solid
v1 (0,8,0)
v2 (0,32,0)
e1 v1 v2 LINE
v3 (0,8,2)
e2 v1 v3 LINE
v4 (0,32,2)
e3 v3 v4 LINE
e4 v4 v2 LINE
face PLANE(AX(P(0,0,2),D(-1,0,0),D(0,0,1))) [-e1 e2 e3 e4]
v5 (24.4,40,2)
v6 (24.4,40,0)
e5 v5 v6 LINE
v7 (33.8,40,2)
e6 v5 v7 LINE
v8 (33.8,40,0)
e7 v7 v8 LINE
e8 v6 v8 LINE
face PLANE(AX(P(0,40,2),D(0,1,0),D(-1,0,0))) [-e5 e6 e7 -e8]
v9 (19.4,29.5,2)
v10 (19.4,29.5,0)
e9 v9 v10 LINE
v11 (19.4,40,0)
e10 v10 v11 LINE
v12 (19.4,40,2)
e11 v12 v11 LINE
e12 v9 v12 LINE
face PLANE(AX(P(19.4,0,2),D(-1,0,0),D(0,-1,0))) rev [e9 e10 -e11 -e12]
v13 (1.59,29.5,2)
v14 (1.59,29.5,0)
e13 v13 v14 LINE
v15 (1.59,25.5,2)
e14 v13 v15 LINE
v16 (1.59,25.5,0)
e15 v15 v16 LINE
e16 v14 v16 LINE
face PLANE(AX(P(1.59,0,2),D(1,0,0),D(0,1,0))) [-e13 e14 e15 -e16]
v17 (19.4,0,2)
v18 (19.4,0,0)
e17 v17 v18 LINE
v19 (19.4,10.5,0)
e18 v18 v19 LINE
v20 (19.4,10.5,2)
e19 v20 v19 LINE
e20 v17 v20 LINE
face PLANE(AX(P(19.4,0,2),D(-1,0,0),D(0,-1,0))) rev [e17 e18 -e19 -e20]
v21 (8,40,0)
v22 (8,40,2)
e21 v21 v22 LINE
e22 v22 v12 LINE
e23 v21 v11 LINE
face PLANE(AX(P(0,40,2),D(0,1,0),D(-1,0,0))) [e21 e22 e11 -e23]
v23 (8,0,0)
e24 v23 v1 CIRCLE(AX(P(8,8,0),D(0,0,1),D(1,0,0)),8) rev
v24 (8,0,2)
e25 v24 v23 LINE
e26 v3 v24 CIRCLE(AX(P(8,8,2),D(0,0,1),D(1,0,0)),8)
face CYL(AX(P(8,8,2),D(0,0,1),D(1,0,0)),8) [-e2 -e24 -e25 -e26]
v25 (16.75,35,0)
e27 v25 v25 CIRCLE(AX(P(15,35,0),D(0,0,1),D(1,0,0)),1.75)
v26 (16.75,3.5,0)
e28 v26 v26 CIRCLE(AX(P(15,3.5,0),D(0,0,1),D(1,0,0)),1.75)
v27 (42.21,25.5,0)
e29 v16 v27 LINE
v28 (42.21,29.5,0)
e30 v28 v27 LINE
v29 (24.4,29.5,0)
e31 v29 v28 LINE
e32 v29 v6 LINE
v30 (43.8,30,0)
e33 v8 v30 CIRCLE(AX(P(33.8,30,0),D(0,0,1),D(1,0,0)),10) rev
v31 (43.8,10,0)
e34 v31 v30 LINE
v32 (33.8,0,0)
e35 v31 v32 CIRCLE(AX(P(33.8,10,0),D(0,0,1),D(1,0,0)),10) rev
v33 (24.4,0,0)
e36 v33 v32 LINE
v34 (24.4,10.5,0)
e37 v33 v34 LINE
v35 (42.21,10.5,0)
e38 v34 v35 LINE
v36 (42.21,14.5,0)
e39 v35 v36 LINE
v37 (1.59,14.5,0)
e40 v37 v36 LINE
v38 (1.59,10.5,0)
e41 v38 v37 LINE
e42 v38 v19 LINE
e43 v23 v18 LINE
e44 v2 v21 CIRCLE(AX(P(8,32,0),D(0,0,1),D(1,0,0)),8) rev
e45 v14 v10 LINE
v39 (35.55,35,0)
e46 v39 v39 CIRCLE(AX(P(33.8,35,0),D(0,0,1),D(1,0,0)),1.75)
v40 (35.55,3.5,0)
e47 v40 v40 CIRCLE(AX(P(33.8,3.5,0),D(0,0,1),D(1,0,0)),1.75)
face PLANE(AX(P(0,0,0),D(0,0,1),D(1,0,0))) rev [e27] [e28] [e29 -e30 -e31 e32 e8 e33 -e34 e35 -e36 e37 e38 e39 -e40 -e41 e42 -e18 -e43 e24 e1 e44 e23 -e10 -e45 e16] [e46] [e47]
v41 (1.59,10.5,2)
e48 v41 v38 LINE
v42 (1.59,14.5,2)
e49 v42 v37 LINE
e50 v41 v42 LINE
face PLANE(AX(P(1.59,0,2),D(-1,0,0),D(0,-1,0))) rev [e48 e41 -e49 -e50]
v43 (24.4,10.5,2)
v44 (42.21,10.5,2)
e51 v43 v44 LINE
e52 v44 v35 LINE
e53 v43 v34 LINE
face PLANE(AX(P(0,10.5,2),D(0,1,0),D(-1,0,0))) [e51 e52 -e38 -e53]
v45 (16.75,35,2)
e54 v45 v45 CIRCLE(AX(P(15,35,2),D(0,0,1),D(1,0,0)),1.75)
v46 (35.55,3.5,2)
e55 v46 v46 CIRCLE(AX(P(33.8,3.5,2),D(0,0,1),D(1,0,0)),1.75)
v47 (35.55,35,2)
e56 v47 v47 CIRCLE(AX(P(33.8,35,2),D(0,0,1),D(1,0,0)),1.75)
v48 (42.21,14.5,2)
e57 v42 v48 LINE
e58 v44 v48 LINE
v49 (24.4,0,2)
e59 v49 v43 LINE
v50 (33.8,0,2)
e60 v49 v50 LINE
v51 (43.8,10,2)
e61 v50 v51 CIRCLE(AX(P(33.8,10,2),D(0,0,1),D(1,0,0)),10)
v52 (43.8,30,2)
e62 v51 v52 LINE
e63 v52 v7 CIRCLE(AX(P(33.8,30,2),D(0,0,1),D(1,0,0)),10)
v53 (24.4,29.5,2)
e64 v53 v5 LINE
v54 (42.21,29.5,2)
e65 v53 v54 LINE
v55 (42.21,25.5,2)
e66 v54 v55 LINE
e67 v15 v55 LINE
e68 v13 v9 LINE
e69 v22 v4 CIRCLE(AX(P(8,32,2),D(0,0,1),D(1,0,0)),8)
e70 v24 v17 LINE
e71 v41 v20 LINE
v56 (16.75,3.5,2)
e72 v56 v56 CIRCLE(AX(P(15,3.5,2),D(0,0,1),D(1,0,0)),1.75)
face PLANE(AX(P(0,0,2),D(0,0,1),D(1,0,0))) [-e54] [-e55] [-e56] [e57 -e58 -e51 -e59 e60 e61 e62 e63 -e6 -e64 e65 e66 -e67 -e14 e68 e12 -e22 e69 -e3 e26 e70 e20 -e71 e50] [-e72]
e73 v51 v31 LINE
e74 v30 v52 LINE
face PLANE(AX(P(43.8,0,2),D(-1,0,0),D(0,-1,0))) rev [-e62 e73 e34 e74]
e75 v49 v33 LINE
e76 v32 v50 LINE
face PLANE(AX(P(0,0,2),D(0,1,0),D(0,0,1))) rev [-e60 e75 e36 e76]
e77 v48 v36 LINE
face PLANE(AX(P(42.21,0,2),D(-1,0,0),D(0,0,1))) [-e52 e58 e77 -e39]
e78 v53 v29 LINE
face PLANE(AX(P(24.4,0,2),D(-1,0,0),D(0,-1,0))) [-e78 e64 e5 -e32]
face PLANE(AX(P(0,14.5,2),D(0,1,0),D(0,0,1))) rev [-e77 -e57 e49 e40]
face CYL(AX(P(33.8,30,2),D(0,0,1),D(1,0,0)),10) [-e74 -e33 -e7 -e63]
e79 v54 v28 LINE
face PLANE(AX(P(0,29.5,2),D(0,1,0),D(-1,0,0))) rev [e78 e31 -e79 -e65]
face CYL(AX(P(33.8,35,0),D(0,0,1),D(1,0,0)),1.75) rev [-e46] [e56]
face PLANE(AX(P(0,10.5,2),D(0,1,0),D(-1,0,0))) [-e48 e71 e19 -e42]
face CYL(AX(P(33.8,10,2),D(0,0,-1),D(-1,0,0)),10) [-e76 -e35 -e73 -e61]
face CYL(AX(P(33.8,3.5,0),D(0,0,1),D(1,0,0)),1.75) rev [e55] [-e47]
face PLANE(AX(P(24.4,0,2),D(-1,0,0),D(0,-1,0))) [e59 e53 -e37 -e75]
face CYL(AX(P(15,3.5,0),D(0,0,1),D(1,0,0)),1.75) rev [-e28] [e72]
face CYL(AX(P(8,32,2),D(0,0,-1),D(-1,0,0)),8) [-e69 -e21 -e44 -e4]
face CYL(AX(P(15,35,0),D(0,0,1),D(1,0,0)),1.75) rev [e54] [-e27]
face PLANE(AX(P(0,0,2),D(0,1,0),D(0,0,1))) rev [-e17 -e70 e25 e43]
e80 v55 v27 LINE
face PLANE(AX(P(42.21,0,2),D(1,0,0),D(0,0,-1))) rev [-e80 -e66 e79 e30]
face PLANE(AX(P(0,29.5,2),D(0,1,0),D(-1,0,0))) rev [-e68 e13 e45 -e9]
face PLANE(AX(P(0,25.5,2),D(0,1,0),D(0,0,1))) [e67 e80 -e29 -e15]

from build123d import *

# Parameters (mm, degrees)
SALIENTE_EXTRUIR1_DEPTH = 2
CROQUIS4_R              = 1.75
CORTAR_EXTRUIR1_DEPTH   = 2
REDONDEO1_R             = 10
REDONDEO2_R             = 8


with BuildPart() as part:
    # Croquis2 → Saliente-Extruir1 (new body)
    with BuildSketch(Plane.XY):
        Polygon((0, 40), (0, 0), (19.4, 0), (19.4, 10.5), (1.59, 10.5), (1.59, 14.5), (42.21, 14.5), (42.21, 10.5), (24.4, 10.5), (24.4, 0), (43.8, 0), (43.8, 40), (24.4, 40), (24.4, 29.5), (42.21, 29.5), (42.21, 25.5), (1.59, 25.5), (1.59, 29.5), (19.4, 29.5), (19.4, 40), align=None)
    extrude(amount=SALIENTE_EXTRUIR1_DEPTH)

    # Croquis4 → Cortar-Extruir1 (cut)
    with BuildSketch(Plane.XY.offset(2)):
        with Locations((15, 35)):
            Circle(CROQUIS4_R)
        with Locations((15, 3.5)):
            Circle(CROQUIS4_R)
        with Locations((33.8, 35)):
            Circle(CROQUIS4_R)
        with Locations((33.8, 3.5)):
            Circle(CROQUIS4_R)
    extrude(amount=-CORTAR_EXTRUIR1_DEPTH, mode=Mode.SUBTRACT)

    # Redondeo1
    redondeo1_edges = [part.edges().sort_by_distance(p)[0] for p in [
        (43.8, 40, 1),
        (43.8, 0, 1),
    ]]
    fillet(redondeo1_edges, radius=REDONDEO1_R)

    # Redondeo2
    redondeo2_edges = [part.edges().sort_by_distance(p)[0] for p in [
        (0, 0, 1),
        (0, 40, 1),
    ]]
    fillet(redondeo2_edges, radius=REDONDEO2_R)


solid = part.part
